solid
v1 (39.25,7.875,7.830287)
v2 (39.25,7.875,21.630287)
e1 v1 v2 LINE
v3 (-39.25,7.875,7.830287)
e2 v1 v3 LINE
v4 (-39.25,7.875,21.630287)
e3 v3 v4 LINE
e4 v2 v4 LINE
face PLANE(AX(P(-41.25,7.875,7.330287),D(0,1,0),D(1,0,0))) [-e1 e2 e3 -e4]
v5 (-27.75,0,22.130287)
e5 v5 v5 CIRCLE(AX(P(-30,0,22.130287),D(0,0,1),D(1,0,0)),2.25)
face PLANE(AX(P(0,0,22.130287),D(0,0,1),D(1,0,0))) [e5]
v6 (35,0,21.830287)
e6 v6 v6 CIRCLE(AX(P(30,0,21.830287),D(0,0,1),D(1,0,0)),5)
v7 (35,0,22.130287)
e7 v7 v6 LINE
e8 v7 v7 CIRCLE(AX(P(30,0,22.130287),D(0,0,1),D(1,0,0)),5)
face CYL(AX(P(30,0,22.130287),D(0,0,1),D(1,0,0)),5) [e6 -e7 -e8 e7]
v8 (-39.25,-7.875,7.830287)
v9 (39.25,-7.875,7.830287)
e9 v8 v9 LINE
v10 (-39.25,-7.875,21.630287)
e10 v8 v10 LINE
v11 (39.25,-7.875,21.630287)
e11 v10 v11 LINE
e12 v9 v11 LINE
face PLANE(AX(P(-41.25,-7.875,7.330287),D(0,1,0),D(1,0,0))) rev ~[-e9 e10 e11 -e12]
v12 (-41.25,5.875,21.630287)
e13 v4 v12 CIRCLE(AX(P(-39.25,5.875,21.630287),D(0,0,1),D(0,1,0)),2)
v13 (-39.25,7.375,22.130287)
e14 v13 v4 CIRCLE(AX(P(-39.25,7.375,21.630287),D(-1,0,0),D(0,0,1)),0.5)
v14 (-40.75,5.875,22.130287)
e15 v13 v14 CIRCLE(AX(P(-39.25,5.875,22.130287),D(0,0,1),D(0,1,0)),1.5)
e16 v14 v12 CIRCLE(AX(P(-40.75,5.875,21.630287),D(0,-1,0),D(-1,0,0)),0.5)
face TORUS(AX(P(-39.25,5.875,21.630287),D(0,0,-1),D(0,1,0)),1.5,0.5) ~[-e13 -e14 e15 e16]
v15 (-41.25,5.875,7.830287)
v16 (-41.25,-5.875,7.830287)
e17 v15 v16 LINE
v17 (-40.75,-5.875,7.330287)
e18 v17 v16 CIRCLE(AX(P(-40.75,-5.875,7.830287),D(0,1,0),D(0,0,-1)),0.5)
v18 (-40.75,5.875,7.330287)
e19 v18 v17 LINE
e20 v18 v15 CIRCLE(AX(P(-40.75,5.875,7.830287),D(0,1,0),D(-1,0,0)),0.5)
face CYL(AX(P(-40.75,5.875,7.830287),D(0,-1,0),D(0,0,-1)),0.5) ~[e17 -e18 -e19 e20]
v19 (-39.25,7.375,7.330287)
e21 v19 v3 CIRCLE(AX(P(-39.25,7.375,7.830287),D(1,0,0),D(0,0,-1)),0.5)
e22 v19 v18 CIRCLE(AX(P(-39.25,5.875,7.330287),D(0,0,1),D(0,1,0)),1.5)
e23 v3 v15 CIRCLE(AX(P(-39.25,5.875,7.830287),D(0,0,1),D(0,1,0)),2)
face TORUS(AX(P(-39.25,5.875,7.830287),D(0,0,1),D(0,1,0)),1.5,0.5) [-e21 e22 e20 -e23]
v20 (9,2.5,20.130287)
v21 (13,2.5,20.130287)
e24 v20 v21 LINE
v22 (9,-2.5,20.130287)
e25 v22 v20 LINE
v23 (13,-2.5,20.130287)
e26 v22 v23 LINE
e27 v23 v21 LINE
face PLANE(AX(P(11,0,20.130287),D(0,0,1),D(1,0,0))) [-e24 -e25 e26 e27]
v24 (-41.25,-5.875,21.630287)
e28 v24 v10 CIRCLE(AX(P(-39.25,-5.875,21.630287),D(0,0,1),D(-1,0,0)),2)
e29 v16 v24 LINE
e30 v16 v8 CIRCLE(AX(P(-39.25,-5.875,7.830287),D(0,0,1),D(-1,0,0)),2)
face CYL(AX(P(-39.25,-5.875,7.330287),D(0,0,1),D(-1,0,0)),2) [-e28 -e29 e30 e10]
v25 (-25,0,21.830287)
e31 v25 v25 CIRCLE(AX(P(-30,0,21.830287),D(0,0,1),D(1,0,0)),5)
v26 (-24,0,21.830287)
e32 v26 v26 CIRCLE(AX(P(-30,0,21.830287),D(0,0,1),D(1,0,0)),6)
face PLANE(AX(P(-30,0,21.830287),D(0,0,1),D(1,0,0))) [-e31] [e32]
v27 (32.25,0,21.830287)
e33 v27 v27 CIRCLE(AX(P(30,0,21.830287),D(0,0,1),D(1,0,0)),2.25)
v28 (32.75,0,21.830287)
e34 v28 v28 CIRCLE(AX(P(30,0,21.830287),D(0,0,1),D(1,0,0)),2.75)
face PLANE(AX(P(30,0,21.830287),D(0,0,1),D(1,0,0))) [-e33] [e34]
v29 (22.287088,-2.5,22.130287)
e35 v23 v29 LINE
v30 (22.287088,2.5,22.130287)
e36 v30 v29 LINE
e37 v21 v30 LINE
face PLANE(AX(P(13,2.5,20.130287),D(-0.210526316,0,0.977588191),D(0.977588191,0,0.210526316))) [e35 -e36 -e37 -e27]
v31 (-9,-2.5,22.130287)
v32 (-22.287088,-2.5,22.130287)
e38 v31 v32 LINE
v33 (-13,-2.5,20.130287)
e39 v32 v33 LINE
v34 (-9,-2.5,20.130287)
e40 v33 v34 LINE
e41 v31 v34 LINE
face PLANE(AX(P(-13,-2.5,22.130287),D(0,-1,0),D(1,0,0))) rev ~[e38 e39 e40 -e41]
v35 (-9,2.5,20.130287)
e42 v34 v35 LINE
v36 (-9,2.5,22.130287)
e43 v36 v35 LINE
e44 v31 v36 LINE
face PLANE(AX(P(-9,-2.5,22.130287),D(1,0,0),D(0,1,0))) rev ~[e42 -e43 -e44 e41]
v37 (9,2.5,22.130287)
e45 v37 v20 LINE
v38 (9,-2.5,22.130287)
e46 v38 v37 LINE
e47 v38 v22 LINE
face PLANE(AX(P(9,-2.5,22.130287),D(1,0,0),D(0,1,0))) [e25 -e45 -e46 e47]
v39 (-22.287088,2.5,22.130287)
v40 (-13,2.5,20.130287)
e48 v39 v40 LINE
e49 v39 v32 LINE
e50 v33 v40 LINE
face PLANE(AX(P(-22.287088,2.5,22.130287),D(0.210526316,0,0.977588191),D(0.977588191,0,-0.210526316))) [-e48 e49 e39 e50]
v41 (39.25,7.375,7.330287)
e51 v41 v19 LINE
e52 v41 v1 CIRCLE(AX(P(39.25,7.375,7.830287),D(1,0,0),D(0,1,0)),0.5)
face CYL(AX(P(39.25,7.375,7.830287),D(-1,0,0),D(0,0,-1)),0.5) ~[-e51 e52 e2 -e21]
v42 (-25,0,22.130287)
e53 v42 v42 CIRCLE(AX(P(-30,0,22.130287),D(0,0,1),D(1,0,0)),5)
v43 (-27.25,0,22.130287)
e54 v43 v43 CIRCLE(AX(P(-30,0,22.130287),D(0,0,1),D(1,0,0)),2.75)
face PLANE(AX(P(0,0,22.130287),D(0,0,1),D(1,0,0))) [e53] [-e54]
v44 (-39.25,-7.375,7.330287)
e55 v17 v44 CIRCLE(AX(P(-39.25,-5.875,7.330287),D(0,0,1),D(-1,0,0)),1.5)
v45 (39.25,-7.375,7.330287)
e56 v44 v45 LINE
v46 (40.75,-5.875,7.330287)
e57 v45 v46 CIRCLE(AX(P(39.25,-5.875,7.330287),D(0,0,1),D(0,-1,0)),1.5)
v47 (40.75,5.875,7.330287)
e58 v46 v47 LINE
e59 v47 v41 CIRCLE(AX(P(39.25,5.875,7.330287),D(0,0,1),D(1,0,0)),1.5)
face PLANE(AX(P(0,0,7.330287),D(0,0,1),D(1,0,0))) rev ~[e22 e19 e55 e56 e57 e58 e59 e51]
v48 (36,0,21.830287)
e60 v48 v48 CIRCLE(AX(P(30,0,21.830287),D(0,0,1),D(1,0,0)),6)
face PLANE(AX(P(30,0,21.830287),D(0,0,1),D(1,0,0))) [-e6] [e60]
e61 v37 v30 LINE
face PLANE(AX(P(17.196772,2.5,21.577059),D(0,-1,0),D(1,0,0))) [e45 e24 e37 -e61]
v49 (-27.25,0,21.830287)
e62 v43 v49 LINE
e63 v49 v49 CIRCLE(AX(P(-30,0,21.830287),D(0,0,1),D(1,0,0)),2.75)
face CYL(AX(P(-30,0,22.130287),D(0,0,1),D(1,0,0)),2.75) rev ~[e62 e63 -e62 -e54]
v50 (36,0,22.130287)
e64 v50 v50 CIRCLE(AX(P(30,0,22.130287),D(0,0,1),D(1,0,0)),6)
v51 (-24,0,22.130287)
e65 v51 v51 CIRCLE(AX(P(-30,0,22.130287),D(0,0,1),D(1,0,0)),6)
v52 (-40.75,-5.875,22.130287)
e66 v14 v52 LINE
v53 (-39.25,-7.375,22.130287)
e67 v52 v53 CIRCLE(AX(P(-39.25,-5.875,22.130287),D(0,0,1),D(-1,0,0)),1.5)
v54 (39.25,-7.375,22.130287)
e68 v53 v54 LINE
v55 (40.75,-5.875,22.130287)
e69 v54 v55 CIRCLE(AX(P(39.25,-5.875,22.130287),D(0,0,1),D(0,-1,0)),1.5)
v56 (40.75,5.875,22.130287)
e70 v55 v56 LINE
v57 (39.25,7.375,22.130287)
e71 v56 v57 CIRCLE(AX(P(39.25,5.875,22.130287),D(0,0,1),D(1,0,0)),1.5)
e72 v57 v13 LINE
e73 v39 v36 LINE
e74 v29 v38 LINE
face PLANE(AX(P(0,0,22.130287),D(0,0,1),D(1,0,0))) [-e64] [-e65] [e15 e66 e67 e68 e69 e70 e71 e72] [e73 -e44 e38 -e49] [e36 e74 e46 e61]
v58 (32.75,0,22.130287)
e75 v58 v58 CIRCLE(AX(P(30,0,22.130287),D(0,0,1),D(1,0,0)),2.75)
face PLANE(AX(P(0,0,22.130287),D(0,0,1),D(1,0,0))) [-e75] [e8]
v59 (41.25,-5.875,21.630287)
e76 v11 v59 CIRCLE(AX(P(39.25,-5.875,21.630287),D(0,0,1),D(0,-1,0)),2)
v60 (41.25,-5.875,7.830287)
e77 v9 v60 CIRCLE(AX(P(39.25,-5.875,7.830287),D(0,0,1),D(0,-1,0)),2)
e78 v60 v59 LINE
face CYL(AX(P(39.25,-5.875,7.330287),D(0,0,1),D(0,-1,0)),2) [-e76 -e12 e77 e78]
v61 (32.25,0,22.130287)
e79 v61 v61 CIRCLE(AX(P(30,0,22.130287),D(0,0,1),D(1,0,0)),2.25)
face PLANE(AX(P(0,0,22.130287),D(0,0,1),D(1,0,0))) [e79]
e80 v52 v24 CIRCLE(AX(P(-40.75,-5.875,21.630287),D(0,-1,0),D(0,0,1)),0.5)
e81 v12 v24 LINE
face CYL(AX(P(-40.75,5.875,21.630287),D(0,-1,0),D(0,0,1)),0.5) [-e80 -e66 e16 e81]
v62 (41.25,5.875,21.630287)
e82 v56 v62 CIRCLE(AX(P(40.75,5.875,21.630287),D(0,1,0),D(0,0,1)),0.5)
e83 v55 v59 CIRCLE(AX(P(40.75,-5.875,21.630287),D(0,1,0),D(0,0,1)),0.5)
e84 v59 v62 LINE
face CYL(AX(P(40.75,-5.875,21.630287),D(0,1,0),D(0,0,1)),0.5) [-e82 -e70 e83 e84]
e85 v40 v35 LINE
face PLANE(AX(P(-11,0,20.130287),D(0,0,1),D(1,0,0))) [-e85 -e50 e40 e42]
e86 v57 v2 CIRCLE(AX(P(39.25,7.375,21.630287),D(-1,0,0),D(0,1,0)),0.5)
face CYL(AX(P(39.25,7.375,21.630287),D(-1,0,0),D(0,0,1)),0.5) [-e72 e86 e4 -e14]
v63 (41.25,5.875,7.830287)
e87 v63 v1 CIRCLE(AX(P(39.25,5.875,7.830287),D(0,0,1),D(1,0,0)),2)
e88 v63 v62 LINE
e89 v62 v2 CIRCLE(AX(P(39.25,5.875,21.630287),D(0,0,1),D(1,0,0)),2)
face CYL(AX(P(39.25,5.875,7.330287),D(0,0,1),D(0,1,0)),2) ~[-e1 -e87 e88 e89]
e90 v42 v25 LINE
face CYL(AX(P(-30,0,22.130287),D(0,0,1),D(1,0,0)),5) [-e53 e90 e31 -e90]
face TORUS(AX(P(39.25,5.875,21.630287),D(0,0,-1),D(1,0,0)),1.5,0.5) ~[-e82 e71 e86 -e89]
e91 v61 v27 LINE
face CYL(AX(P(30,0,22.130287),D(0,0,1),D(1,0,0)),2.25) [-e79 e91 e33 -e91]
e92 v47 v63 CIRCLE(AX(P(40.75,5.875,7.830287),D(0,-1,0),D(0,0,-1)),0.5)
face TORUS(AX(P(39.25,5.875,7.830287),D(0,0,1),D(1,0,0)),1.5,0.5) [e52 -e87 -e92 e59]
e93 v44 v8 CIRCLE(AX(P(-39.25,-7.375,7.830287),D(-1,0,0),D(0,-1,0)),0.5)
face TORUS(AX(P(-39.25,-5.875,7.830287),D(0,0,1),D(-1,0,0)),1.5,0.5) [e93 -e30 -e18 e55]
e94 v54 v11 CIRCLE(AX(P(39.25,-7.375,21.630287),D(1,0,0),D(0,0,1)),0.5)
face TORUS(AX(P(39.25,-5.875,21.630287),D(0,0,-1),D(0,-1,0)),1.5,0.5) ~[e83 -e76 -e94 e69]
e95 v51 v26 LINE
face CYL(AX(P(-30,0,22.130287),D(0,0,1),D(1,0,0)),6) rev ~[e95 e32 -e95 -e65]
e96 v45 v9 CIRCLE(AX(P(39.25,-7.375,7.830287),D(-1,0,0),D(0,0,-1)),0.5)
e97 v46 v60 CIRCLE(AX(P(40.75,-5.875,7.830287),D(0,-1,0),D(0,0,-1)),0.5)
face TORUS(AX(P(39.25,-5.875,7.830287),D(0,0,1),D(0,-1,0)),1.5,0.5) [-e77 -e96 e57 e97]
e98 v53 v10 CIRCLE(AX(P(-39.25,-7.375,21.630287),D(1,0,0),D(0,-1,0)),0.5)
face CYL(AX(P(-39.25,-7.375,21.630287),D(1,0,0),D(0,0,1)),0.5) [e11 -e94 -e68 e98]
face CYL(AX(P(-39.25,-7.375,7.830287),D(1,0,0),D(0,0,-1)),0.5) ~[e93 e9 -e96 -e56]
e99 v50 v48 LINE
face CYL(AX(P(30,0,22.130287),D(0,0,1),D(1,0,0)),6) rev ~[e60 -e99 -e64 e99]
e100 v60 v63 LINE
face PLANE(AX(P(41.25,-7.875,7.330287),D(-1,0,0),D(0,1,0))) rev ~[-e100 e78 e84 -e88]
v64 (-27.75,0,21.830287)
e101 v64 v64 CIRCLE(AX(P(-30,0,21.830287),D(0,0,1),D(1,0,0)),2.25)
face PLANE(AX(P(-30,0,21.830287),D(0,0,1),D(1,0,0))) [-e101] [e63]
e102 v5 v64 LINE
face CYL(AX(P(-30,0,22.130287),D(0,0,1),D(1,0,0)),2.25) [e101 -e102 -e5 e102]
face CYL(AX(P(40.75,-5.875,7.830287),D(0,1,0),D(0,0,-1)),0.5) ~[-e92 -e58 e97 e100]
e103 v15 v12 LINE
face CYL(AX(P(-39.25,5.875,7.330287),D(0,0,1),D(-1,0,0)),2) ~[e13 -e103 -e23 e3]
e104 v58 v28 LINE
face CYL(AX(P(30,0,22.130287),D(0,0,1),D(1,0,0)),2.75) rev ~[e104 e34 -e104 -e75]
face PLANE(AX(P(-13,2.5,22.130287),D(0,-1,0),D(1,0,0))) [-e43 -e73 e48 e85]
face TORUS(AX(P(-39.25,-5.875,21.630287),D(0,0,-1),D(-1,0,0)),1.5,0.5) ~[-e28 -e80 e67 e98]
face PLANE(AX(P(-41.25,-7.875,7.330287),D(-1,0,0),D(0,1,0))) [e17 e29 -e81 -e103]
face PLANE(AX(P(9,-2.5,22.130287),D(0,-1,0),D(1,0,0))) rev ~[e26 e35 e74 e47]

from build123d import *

# Parameters (mm, degrees)
SKETCH_1_W          = 165
SKETCH_1_H          = 31.5
EXTRUDE_1_DEPTH     = 29.6
SKETCH_2_R          = 12
SKETCH_2_R_2        = 10
SKETCH_2_R_3        = 5.5
SKETCH_2_R_4        = 4.5
CUT_EXTRUDE_1_DEPTH = 0.6
FILLET_1_R          = 4
FILLET_2_R          = 1
SKETCH_3_W          = 8
SKETCH_3_H          = 10
CUT_EXTRUDE_2_DEPTH = 4
CUT_EXTRUDE_3_DEPTH = 10
SCALE_1_SCALE       = 0.5


with BuildPart() as part:
    # 草图1 → 凸台-拉伸1 (new body)
    with BuildSketch(Plane.XY):
        Rectangle(SKETCH_1_W, SKETCH_1_H)
    extrude(amount=EXTRUDE_1_DEPTH)

    # 草图2 → 切除-拉伸1 (cut)
    # profile 1 of 4: a face of its own
    with BuildSketch(Plane.XY.offset(29.6)):
        with Locations((-60, 0)):
            Circle(SKETCH_2_R)
        with Locations((-60, 0)):
            Circle(SKETCH_2_R_2, mode=Mode.SUBTRACT)
    # profile 2 of 4: a face of its own
    with BuildSketch(Plane.XY.offset(29.6)):
        with Locations((-60, 0)):
            Circle(SKETCH_2_R_3)
        with Locations((-60, 0)):
            Circle(SKETCH_2_R_4, mode=Mode.SUBTRACT)
    # profile 3 of 4: a face of its own
    with BuildSketch(Plane.XY.offset(29.6)):
        with Locations((60, 0)):
            Circle(SKETCH_2_R)
        with Locations((60, 0)):
            Circle(SKETCH_2_R_2, mode=Mode.SUBTRACT)
    # profile 4 of 4: a face of its own
    with BuildSketch(Plane.XY.offset(29.6)):
        with Locations((60, 0)):
            Circle(SKETCH_2_R_3)
        with Locations((60, 0)):
            Circle(SKETCH_2_R_4, mode=Mode.SUBTRACT)
    extrude(amount=-CUT_EXTRUDE_1_DEPTH, mode=Mode.SUBTRACT)

    # 圆角1
    fillet_1_edges = [part.edges().sort_by_distance(p)[0] for p in [
        (82.5, -15.75, 14.8),
        (-82.5, -15.75, 14.8),
        (-82.5, 15.75, 14.8),
        (82.5, 15.75, 14.8),
    ]]
    fillet(fillet_1_edges, radius=FILLET_1_R)

    # 圆角2
    fillet_2_edges = [part.edges().sort_by_distance(p)[0] for p in [
        (82.5, 0, 0),
        (82.5, 0, 29.6),
        (0, -15.75, 0),
        (-82.5, 0, 0),
        (0, 15.75, 0),
        (-81.328427125, 14.578427125, 0),
        (-81.328427125, -14.578427125, 0),
        (81.328427125, 14.578427125, 0),
        (81.328427125, -14.578427125, 0),
        (0, -15.75, 29.6),
        (0, 15.75, 29.6),
        (-82.5, 0, 29.6),
        (-81.328427125, 14.578427125, 29.6),
        (-81.328427125, -14.578427125, 29.6),
        (81.328427125, 14.578427125, 29.6),
        (81.328427125, -14.578427125, 29.6),
    ]]
    fillet(fillet_2_edges, radius=FILLET_2_R)

    # 草图3 → 切除-拉伸2 (cut)
    with BuildSketch(Plane.XY.offset(29.6)):
        with Locations((-22, 0)):
            Rectangle(SKETCH_3_W, SKETCH_3_H)
        with Locations((22, 0)):
            Rectangle(SKETCH_3_W, SKETCH_3_H)
    extrude(amount=-CUT_EXTRUDE_2_DEPTH, mode=Mode.SUBTRACT)

    # 草图4 → 切除-拉伸3 (cut)
    with BuildSketch(Plane.XZ.offset(-5)):
        Polygon((26, 25.6), (44.574175621, 29.6), (26, 29.6), align=None)
        Polygon((-26, 29.6), (-44.574175621, 29.6), (-26, 25.6), align=None)
    extrude(amount=CUT_EXTRUDE_3_DEPTH, mode=Mode.SUBTRACT)


with BuildPart() as part_1:
    # 缩放比例1: scaled about (0, 0, 14.660574606)
    add(part.part.scale(SCALE_1_SCALE).moved(Location((0, 0, 7.330287303))))


solid = part_1.part
